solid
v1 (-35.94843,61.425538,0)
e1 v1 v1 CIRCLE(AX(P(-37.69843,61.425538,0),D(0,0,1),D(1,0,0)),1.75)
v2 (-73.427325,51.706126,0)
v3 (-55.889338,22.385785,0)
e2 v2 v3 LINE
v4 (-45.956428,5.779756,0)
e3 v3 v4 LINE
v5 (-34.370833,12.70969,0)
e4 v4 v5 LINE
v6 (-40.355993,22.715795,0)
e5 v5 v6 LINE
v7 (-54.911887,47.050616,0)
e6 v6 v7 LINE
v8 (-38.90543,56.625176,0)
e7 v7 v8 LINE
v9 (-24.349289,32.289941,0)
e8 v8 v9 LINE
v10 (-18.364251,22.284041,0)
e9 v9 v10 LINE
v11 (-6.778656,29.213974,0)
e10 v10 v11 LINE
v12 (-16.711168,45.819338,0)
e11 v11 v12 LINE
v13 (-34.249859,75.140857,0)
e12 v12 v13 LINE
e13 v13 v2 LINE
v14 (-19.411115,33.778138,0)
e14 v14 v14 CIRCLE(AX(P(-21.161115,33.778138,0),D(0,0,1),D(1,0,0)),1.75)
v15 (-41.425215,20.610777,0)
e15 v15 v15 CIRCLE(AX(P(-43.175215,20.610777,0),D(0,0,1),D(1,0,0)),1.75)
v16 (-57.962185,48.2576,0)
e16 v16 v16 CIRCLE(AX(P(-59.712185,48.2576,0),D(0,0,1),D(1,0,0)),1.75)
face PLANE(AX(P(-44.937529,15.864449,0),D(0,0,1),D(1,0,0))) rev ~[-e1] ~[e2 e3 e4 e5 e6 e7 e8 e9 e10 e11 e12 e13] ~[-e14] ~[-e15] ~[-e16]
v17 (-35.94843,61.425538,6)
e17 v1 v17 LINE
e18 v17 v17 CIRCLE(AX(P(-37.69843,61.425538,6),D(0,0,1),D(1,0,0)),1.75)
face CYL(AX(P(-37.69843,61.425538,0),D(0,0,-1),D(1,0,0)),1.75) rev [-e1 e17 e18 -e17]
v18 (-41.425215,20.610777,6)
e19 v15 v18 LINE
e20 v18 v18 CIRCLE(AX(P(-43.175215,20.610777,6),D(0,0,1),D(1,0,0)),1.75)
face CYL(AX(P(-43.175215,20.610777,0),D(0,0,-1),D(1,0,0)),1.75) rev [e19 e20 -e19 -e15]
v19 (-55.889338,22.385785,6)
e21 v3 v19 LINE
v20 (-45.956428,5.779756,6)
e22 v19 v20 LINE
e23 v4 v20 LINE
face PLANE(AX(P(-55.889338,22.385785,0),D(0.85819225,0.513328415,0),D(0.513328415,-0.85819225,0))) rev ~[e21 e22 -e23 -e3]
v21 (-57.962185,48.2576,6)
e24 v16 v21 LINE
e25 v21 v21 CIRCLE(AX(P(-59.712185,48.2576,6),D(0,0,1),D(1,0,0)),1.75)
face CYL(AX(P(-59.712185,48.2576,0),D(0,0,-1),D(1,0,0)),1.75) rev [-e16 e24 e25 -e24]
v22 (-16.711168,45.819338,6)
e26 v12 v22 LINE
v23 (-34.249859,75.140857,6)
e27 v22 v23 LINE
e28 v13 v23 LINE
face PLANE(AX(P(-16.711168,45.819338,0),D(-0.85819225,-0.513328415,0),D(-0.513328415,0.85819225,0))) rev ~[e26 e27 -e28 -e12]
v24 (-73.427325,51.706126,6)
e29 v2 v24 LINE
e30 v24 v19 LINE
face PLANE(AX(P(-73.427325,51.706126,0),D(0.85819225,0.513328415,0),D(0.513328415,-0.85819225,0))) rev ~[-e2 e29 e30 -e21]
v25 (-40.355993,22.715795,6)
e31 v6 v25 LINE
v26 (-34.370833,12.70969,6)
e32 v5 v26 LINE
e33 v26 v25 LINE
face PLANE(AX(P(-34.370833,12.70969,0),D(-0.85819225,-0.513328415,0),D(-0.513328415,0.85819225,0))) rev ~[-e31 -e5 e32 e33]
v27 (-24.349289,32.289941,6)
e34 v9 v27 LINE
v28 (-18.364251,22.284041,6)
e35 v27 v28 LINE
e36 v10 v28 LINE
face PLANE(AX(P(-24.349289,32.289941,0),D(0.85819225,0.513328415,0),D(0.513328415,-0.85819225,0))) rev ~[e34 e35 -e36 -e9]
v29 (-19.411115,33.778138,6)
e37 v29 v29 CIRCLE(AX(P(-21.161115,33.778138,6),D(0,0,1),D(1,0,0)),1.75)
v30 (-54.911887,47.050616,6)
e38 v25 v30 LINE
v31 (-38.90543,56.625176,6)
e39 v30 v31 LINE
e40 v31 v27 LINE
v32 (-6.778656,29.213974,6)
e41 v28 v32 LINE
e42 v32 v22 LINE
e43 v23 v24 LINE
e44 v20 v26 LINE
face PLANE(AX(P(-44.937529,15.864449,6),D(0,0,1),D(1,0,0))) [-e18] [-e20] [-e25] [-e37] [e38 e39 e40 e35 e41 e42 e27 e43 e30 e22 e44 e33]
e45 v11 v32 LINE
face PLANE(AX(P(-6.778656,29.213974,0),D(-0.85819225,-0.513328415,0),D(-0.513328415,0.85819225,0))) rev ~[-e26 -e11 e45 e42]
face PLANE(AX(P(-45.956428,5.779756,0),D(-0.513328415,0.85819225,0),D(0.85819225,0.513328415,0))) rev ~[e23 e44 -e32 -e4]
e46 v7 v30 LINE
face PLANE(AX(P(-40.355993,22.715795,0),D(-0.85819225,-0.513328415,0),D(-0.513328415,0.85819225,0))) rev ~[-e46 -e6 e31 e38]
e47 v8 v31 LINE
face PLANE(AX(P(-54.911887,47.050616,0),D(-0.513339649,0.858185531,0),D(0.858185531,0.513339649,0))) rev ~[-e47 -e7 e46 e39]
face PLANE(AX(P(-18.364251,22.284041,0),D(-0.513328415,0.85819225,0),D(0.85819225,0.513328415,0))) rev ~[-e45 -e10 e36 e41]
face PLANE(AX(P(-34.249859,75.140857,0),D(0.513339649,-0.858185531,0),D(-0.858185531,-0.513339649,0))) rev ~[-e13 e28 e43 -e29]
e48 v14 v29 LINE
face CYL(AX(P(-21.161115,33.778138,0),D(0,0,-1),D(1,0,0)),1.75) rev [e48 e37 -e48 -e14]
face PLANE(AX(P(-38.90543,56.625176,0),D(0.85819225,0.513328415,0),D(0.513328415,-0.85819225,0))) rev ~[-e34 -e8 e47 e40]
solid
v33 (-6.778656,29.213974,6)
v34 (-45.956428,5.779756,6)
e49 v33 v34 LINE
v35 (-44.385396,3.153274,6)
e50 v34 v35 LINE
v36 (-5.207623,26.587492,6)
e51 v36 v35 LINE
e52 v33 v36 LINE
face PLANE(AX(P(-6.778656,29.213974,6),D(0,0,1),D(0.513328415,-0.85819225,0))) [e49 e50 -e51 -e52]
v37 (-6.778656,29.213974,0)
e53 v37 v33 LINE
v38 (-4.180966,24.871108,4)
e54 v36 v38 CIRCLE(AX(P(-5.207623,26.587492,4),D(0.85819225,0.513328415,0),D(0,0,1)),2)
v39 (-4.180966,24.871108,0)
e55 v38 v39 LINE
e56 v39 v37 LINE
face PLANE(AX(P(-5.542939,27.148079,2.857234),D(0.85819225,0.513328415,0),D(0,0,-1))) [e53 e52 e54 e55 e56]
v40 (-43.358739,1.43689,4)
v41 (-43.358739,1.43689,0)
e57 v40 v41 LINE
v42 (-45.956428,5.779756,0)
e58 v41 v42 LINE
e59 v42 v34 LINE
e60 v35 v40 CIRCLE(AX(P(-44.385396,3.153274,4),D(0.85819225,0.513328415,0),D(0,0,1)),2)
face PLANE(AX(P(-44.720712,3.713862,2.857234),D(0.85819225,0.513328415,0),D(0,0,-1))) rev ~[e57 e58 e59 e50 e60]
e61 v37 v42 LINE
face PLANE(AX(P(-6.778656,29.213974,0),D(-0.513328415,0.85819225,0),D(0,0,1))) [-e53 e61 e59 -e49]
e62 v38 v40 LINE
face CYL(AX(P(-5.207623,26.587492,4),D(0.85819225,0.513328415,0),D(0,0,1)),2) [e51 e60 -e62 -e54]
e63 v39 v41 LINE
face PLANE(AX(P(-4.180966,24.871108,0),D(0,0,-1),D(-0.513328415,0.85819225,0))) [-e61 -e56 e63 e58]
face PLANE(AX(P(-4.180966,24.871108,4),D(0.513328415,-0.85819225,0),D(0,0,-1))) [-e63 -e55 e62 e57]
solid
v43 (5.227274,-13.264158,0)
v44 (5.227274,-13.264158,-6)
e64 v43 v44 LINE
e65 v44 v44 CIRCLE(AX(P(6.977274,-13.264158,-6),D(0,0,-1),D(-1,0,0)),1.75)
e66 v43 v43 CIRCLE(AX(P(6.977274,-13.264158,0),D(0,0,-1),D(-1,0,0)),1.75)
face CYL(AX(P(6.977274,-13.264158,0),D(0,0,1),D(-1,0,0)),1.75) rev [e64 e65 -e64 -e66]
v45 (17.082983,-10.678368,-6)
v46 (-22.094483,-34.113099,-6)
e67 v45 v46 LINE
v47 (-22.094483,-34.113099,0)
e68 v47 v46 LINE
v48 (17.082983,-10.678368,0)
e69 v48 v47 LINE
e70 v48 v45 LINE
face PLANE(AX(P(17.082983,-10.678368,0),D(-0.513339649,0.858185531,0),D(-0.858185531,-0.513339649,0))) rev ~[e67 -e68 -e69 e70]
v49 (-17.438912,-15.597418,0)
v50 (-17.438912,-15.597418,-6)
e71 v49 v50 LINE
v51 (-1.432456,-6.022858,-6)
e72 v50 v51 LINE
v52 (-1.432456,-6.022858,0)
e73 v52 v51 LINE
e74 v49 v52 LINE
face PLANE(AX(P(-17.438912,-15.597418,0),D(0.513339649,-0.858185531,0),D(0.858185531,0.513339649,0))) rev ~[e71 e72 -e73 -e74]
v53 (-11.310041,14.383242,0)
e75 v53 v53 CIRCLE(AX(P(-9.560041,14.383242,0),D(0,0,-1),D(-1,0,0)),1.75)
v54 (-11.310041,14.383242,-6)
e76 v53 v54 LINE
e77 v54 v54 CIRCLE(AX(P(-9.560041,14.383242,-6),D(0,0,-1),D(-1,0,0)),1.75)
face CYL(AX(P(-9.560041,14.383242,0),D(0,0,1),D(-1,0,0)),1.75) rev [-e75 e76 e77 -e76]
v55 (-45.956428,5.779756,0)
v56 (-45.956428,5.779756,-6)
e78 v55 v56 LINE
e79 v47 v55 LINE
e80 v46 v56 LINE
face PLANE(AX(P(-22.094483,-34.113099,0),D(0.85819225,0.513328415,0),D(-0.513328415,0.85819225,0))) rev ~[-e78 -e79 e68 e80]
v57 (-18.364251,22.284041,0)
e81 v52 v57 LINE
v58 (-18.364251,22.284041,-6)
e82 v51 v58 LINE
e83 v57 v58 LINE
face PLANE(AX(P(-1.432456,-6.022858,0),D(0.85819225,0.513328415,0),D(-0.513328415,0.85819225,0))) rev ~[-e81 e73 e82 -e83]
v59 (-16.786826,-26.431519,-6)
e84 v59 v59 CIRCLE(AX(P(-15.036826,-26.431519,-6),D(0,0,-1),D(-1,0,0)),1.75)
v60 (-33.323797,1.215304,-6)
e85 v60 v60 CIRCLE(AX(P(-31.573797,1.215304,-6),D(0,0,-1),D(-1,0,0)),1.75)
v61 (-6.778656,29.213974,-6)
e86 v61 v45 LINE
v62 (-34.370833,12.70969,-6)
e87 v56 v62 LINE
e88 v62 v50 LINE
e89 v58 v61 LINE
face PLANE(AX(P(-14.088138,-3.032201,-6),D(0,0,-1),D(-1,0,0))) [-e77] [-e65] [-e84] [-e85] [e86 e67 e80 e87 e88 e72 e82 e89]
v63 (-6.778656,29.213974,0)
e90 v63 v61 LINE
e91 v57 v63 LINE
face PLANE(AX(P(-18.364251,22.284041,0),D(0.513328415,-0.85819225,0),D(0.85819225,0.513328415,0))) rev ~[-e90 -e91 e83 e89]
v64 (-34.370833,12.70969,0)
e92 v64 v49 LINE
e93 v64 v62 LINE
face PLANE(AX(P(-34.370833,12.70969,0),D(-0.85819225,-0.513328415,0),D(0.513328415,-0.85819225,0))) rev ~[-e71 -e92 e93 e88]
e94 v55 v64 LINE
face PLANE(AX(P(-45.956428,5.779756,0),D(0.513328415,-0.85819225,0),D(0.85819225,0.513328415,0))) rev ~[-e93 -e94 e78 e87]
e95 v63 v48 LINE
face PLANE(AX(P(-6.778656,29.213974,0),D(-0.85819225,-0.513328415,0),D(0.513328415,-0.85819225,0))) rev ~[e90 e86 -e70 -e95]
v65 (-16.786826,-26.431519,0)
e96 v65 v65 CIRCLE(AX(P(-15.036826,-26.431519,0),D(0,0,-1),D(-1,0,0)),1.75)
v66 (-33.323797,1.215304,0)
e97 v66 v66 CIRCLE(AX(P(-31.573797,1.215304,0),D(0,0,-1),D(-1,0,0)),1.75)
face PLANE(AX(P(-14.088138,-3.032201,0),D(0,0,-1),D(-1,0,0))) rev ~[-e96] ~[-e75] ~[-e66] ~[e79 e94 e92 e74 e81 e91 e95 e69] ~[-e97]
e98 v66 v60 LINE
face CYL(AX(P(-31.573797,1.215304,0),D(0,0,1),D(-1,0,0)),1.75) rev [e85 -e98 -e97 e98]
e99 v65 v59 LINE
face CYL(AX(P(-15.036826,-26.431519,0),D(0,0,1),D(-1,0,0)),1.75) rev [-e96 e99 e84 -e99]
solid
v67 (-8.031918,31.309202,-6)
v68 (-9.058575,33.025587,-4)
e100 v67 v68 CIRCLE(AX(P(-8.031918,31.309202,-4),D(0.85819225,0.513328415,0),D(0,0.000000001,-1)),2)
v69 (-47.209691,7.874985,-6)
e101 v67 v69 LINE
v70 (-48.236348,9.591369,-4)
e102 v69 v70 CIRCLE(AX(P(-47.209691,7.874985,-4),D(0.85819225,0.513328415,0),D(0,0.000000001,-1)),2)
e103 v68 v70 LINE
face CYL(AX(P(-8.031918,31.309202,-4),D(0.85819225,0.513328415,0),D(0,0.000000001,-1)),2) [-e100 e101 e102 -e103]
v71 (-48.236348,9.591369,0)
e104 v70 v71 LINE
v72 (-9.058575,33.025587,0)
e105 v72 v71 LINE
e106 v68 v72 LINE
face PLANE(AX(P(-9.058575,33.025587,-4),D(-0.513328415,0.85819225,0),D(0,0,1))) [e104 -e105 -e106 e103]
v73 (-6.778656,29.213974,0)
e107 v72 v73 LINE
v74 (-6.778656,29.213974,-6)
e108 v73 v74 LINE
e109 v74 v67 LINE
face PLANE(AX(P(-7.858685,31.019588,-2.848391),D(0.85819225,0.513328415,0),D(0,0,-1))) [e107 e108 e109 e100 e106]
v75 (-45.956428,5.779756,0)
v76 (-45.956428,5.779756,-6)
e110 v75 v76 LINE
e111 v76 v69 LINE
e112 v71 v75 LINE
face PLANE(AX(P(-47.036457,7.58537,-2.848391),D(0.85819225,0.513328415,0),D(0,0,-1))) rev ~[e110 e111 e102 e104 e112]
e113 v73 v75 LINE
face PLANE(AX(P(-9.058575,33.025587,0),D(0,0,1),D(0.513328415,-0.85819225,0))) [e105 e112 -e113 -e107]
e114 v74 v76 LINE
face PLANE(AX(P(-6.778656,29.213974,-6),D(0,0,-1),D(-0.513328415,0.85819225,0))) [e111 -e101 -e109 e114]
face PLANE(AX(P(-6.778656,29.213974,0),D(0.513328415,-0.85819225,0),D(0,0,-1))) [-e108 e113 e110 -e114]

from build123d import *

# Parameters (mm, degrees)
SKETCH_2_R         = 1.75
EXTRUDE_1_DEPTH    = 6
SKETCH_3_R         = 1.75
EXTRUDE_2_DEPTH    = 6
EXTRUDE_17_DEPTH   = 45.651510747
EXTRUDE_17_2_DEPTH = 45.651510747


with BuildPart() as part:
    # 草图2 → 凸台-拉伸1 (new body)
    # profile 1 of 3: a face of its own
    with BuildSketch(Plane.XY):
        with BuildLine():
            Line((-73.427324865, 51.706126211), (-55.889337921, 22.385784607))
            ThreePointArc((-55.889337921, 22.385784607), (-51.962002674, 21.977062419), (-48.013570238, 22.007016762))
            ThreePointArc((-48.013570238, 22.007016762), (-46.613378868, 21.552890348), (-45.90320467, 20.263541953))
            ThreePointArc((-45.90320467, 20.263541953), (-42.655905931, 17.91025531), (-40.513003789, 21.300075002))
            ThreePointArc((-40.513003789, 21.300075002), (-40.566074024, 22.008719301), (-40.368008135, 22.691187687))
            ThreePointArc((-40.368008135, 22.691187687), (-40.361958472, 22.703470869), (-40.355993042, 22.71579518))
            Line((-40.355993042, 22.71579518), (-54.911886597, 47.050616088))
            Line((-54.911886597, 47.050616088), (-38.905429945, 56.625176062))
            Line((-38.905429945, 56.625176062), (-24.34928893, 32.289941443))
            ThreePointArc((-24.34928893, 32.289941443), (-24.335603169, 32.289367496), (-24.321913798, 32.288887294))
            ThreePointArc((-24.321913798, 32.288887294), (-23.626933575, 32.140579674), (-23.027680881, 31.758625659))
            ThreePointArc((-23.027680881, 31.758625659), (-19.027440456, 32.043222354), (-19.564814907, 36.017407483))
            ThreePointArc((-19.564814907, 36.017407483), (-20.364881109, 37.252986699), (-20.102685981, 38.701439544))
            ThreePointArc((-20.102685981, 38.701439544), (-18.20870194, 42.16593888), (-16.711167613, 45.819337591))
            Line((-16.711167613, 45.819337591), (-34.249858882, 75.140856698))
            Line((-34.249858882, 75.140856698), (-73.427324865, 51.706126211))
        make_face()
        with Locations((-43.175214984, 20.610777132)):
            Circle(SKETCH_2_R, mode=Mode.SUBTRACT)
        with Locations((-59.712185407, 48.257600194)):
            Circle(SKETCH_2_R, mode=Mode.SUBTRACT)
        with Locations((-37.69843004, 61.425537708)):
            Circle(SKETCH_2_R, mode=Mode.SUBTRACT)
        with Locations((-21.161114888, 33.778138323)):
            Circle(SKETCH_2_R, mode=Mode.SUBTRACT)
    # profile 2 of 3: a face of its own
    with BuildSketch(Plane.XY):
        with BuildLine():
            Line((-18.364250903, 22.284040537), (-6.778655524, 29.213974138))
            Line((-6.778655524, 29.213974138), (-16.711167613, 45.819337591))
            ThreePointArc((-16.711167613, 45.819337591), (-18.20870194, 42.16593888), (-20.102685981, 38.701439544))
            ThreePointArc((-20.102685981, 38.701439544), (-20.364881109, 37.252986699), (-19.564814907, 36.017407483))
            ThreePointArc((-19.564814907, 36.017407483), (-19.027440456, 32.043222354), (-23.027680881, 31.758625659))
            ThreePointArc((-23.027680881, 31.758625659), (-23.626933575, 32.140579674), (-24.321913798, 32.288887294))
            ThreePointArc((-24.321913798, 32.288887294), (-24.335603169, 32.289367496), (-24.34928893, 32.289941443))
            Line((-24.34928893, 32.289941443), (-18.364250903, 22.284040537))
        make_face()
    # profile 3 of 3: a face of its own
    with BuildSketch(Plane.XY):
        with BuildLine():
            Line((-55.889337921, 22.385784607), (-45.956428261, 5.779756487))
            Line((-45.956428261, 5.779756487), (-34.370832882, 12.709690089))
            Line((-34.370832882, 12.709690089), (-40.355993042, 22.71579518))
            ThreePointArc((-40.355993042, 22.71579518), (-40.361958472, 22.703470869), (-40.368008135, 22.691187687))
            ThreePointArc((-40.368008135, 22.691187687), (-40.566074024, 22.008719301), (-40.513003789, 21.300075002))
            ThreePointArc((-40.513003789, 21.300075002), (-42.655905931, 17.91025531), (-45.90320467, 20.263541953))
            ThreePointArc((-45.90320467, 20.263541953), (-46.613378868, 21.552890348), (-48.013570238, 22.007016762))
            ThreePointArc((-48.013570238, 22.007016762), (-51.962002674, 21.977062419), (-55.889337921, 22.385784607))
        make_face()
    extrude(amount=EXTRUDE_1_DEPTH)


with BuildPart() as body_2:
    # 草图3 → 凸台-拉伸2 (new body)
    with BuildSketch(Plane(origin=(0, 0, 0), x_dir=(-1, 0, 0), z_dir=(0, 0, -1))):
        Polygon((45.956428261, 5.779756487), (34.370832882, 12.709690089), (17.438912308, -15.59741818), (1.432455657, -6.022858206), (18.364250903, 22.284040537), (6.778655524, 29.213974138), (-17.082982611, -10.678368329), (22.094483372, -34.113098816), align=None)
        with Locations((-6.977273986, -13.26415773)):
            Circle(SKETCH_3_R, mode=Mode.SUBTRACT)
        with Locations((15.036826109, -26.431518921)):
            Circle(SKETCH_3_R, mode=Mode.SUBTRACT)
        with Locations((9.560041165, 14.383241655)):
            Circle(SKETCH_3_R, mode=Mode.SUBTRACT)
        with Locations((31.573796532, 1.215304141)):
            Circle(SKETCH_3_R, mode=Mode.SUBTRACT)
    extrude(amount=EXTRUDE_2_DEPTH)


with BuildPart() as body_3:
    # 草图4 → 凸台-拉伸17 (new body)
    with BuildSketch(Plane(origin=(7.877323837, 4.711827866, 0), x_dir=(0, 0, -1), z_dir=(0.8581922502720695, 0.5133284149284565, 0))):
        with BuildLine():
            Line((0, 32.992326526), (0, 28.550882701))
            Line((0, 28.550882701), (6, 28.550882701))
            Line((6, 28.550882701), (6, 30.992326526))
            ThreePointArc((6, 30.992326526), (5.414213562, 32.406540088), (4, 32.992326526))
            Line((4, 32.992326526), (0, 32.992326526))
        make_face()
    extrude(amount=-EXTRUDE_17_DEPTH)


with BuildPart() as body_4:
    # 草图4 → Extrude 17 2 (new body)
    with BuildSketch(Plane(origin=(7.877323837, 4.711827866, 0), x_dir=(0, 0, -1), z_dir=(0.8581922502720695, 0.5133284149284565, 0))):
        with BuildLine():
            Line((0, 23.490400466), (0, 28.550882701))
            Line((0, 28.550882701), (-6, 28.550882701))
            Line((-6, 28.550882701), (-6, 25.490400466))
            ThreePointArc((-6, 25.490400466), (-5.414213562, 24.076186903), (-4, 23.490400466))
            Line((-4, 23.490400466), (0, 23.490400466))
        make_face()
    extrude(amount=-EXTRUDE_17_2_DEPTH)


solid = Compound([part.part, body_2.part, body_3.part, body_4.part])
